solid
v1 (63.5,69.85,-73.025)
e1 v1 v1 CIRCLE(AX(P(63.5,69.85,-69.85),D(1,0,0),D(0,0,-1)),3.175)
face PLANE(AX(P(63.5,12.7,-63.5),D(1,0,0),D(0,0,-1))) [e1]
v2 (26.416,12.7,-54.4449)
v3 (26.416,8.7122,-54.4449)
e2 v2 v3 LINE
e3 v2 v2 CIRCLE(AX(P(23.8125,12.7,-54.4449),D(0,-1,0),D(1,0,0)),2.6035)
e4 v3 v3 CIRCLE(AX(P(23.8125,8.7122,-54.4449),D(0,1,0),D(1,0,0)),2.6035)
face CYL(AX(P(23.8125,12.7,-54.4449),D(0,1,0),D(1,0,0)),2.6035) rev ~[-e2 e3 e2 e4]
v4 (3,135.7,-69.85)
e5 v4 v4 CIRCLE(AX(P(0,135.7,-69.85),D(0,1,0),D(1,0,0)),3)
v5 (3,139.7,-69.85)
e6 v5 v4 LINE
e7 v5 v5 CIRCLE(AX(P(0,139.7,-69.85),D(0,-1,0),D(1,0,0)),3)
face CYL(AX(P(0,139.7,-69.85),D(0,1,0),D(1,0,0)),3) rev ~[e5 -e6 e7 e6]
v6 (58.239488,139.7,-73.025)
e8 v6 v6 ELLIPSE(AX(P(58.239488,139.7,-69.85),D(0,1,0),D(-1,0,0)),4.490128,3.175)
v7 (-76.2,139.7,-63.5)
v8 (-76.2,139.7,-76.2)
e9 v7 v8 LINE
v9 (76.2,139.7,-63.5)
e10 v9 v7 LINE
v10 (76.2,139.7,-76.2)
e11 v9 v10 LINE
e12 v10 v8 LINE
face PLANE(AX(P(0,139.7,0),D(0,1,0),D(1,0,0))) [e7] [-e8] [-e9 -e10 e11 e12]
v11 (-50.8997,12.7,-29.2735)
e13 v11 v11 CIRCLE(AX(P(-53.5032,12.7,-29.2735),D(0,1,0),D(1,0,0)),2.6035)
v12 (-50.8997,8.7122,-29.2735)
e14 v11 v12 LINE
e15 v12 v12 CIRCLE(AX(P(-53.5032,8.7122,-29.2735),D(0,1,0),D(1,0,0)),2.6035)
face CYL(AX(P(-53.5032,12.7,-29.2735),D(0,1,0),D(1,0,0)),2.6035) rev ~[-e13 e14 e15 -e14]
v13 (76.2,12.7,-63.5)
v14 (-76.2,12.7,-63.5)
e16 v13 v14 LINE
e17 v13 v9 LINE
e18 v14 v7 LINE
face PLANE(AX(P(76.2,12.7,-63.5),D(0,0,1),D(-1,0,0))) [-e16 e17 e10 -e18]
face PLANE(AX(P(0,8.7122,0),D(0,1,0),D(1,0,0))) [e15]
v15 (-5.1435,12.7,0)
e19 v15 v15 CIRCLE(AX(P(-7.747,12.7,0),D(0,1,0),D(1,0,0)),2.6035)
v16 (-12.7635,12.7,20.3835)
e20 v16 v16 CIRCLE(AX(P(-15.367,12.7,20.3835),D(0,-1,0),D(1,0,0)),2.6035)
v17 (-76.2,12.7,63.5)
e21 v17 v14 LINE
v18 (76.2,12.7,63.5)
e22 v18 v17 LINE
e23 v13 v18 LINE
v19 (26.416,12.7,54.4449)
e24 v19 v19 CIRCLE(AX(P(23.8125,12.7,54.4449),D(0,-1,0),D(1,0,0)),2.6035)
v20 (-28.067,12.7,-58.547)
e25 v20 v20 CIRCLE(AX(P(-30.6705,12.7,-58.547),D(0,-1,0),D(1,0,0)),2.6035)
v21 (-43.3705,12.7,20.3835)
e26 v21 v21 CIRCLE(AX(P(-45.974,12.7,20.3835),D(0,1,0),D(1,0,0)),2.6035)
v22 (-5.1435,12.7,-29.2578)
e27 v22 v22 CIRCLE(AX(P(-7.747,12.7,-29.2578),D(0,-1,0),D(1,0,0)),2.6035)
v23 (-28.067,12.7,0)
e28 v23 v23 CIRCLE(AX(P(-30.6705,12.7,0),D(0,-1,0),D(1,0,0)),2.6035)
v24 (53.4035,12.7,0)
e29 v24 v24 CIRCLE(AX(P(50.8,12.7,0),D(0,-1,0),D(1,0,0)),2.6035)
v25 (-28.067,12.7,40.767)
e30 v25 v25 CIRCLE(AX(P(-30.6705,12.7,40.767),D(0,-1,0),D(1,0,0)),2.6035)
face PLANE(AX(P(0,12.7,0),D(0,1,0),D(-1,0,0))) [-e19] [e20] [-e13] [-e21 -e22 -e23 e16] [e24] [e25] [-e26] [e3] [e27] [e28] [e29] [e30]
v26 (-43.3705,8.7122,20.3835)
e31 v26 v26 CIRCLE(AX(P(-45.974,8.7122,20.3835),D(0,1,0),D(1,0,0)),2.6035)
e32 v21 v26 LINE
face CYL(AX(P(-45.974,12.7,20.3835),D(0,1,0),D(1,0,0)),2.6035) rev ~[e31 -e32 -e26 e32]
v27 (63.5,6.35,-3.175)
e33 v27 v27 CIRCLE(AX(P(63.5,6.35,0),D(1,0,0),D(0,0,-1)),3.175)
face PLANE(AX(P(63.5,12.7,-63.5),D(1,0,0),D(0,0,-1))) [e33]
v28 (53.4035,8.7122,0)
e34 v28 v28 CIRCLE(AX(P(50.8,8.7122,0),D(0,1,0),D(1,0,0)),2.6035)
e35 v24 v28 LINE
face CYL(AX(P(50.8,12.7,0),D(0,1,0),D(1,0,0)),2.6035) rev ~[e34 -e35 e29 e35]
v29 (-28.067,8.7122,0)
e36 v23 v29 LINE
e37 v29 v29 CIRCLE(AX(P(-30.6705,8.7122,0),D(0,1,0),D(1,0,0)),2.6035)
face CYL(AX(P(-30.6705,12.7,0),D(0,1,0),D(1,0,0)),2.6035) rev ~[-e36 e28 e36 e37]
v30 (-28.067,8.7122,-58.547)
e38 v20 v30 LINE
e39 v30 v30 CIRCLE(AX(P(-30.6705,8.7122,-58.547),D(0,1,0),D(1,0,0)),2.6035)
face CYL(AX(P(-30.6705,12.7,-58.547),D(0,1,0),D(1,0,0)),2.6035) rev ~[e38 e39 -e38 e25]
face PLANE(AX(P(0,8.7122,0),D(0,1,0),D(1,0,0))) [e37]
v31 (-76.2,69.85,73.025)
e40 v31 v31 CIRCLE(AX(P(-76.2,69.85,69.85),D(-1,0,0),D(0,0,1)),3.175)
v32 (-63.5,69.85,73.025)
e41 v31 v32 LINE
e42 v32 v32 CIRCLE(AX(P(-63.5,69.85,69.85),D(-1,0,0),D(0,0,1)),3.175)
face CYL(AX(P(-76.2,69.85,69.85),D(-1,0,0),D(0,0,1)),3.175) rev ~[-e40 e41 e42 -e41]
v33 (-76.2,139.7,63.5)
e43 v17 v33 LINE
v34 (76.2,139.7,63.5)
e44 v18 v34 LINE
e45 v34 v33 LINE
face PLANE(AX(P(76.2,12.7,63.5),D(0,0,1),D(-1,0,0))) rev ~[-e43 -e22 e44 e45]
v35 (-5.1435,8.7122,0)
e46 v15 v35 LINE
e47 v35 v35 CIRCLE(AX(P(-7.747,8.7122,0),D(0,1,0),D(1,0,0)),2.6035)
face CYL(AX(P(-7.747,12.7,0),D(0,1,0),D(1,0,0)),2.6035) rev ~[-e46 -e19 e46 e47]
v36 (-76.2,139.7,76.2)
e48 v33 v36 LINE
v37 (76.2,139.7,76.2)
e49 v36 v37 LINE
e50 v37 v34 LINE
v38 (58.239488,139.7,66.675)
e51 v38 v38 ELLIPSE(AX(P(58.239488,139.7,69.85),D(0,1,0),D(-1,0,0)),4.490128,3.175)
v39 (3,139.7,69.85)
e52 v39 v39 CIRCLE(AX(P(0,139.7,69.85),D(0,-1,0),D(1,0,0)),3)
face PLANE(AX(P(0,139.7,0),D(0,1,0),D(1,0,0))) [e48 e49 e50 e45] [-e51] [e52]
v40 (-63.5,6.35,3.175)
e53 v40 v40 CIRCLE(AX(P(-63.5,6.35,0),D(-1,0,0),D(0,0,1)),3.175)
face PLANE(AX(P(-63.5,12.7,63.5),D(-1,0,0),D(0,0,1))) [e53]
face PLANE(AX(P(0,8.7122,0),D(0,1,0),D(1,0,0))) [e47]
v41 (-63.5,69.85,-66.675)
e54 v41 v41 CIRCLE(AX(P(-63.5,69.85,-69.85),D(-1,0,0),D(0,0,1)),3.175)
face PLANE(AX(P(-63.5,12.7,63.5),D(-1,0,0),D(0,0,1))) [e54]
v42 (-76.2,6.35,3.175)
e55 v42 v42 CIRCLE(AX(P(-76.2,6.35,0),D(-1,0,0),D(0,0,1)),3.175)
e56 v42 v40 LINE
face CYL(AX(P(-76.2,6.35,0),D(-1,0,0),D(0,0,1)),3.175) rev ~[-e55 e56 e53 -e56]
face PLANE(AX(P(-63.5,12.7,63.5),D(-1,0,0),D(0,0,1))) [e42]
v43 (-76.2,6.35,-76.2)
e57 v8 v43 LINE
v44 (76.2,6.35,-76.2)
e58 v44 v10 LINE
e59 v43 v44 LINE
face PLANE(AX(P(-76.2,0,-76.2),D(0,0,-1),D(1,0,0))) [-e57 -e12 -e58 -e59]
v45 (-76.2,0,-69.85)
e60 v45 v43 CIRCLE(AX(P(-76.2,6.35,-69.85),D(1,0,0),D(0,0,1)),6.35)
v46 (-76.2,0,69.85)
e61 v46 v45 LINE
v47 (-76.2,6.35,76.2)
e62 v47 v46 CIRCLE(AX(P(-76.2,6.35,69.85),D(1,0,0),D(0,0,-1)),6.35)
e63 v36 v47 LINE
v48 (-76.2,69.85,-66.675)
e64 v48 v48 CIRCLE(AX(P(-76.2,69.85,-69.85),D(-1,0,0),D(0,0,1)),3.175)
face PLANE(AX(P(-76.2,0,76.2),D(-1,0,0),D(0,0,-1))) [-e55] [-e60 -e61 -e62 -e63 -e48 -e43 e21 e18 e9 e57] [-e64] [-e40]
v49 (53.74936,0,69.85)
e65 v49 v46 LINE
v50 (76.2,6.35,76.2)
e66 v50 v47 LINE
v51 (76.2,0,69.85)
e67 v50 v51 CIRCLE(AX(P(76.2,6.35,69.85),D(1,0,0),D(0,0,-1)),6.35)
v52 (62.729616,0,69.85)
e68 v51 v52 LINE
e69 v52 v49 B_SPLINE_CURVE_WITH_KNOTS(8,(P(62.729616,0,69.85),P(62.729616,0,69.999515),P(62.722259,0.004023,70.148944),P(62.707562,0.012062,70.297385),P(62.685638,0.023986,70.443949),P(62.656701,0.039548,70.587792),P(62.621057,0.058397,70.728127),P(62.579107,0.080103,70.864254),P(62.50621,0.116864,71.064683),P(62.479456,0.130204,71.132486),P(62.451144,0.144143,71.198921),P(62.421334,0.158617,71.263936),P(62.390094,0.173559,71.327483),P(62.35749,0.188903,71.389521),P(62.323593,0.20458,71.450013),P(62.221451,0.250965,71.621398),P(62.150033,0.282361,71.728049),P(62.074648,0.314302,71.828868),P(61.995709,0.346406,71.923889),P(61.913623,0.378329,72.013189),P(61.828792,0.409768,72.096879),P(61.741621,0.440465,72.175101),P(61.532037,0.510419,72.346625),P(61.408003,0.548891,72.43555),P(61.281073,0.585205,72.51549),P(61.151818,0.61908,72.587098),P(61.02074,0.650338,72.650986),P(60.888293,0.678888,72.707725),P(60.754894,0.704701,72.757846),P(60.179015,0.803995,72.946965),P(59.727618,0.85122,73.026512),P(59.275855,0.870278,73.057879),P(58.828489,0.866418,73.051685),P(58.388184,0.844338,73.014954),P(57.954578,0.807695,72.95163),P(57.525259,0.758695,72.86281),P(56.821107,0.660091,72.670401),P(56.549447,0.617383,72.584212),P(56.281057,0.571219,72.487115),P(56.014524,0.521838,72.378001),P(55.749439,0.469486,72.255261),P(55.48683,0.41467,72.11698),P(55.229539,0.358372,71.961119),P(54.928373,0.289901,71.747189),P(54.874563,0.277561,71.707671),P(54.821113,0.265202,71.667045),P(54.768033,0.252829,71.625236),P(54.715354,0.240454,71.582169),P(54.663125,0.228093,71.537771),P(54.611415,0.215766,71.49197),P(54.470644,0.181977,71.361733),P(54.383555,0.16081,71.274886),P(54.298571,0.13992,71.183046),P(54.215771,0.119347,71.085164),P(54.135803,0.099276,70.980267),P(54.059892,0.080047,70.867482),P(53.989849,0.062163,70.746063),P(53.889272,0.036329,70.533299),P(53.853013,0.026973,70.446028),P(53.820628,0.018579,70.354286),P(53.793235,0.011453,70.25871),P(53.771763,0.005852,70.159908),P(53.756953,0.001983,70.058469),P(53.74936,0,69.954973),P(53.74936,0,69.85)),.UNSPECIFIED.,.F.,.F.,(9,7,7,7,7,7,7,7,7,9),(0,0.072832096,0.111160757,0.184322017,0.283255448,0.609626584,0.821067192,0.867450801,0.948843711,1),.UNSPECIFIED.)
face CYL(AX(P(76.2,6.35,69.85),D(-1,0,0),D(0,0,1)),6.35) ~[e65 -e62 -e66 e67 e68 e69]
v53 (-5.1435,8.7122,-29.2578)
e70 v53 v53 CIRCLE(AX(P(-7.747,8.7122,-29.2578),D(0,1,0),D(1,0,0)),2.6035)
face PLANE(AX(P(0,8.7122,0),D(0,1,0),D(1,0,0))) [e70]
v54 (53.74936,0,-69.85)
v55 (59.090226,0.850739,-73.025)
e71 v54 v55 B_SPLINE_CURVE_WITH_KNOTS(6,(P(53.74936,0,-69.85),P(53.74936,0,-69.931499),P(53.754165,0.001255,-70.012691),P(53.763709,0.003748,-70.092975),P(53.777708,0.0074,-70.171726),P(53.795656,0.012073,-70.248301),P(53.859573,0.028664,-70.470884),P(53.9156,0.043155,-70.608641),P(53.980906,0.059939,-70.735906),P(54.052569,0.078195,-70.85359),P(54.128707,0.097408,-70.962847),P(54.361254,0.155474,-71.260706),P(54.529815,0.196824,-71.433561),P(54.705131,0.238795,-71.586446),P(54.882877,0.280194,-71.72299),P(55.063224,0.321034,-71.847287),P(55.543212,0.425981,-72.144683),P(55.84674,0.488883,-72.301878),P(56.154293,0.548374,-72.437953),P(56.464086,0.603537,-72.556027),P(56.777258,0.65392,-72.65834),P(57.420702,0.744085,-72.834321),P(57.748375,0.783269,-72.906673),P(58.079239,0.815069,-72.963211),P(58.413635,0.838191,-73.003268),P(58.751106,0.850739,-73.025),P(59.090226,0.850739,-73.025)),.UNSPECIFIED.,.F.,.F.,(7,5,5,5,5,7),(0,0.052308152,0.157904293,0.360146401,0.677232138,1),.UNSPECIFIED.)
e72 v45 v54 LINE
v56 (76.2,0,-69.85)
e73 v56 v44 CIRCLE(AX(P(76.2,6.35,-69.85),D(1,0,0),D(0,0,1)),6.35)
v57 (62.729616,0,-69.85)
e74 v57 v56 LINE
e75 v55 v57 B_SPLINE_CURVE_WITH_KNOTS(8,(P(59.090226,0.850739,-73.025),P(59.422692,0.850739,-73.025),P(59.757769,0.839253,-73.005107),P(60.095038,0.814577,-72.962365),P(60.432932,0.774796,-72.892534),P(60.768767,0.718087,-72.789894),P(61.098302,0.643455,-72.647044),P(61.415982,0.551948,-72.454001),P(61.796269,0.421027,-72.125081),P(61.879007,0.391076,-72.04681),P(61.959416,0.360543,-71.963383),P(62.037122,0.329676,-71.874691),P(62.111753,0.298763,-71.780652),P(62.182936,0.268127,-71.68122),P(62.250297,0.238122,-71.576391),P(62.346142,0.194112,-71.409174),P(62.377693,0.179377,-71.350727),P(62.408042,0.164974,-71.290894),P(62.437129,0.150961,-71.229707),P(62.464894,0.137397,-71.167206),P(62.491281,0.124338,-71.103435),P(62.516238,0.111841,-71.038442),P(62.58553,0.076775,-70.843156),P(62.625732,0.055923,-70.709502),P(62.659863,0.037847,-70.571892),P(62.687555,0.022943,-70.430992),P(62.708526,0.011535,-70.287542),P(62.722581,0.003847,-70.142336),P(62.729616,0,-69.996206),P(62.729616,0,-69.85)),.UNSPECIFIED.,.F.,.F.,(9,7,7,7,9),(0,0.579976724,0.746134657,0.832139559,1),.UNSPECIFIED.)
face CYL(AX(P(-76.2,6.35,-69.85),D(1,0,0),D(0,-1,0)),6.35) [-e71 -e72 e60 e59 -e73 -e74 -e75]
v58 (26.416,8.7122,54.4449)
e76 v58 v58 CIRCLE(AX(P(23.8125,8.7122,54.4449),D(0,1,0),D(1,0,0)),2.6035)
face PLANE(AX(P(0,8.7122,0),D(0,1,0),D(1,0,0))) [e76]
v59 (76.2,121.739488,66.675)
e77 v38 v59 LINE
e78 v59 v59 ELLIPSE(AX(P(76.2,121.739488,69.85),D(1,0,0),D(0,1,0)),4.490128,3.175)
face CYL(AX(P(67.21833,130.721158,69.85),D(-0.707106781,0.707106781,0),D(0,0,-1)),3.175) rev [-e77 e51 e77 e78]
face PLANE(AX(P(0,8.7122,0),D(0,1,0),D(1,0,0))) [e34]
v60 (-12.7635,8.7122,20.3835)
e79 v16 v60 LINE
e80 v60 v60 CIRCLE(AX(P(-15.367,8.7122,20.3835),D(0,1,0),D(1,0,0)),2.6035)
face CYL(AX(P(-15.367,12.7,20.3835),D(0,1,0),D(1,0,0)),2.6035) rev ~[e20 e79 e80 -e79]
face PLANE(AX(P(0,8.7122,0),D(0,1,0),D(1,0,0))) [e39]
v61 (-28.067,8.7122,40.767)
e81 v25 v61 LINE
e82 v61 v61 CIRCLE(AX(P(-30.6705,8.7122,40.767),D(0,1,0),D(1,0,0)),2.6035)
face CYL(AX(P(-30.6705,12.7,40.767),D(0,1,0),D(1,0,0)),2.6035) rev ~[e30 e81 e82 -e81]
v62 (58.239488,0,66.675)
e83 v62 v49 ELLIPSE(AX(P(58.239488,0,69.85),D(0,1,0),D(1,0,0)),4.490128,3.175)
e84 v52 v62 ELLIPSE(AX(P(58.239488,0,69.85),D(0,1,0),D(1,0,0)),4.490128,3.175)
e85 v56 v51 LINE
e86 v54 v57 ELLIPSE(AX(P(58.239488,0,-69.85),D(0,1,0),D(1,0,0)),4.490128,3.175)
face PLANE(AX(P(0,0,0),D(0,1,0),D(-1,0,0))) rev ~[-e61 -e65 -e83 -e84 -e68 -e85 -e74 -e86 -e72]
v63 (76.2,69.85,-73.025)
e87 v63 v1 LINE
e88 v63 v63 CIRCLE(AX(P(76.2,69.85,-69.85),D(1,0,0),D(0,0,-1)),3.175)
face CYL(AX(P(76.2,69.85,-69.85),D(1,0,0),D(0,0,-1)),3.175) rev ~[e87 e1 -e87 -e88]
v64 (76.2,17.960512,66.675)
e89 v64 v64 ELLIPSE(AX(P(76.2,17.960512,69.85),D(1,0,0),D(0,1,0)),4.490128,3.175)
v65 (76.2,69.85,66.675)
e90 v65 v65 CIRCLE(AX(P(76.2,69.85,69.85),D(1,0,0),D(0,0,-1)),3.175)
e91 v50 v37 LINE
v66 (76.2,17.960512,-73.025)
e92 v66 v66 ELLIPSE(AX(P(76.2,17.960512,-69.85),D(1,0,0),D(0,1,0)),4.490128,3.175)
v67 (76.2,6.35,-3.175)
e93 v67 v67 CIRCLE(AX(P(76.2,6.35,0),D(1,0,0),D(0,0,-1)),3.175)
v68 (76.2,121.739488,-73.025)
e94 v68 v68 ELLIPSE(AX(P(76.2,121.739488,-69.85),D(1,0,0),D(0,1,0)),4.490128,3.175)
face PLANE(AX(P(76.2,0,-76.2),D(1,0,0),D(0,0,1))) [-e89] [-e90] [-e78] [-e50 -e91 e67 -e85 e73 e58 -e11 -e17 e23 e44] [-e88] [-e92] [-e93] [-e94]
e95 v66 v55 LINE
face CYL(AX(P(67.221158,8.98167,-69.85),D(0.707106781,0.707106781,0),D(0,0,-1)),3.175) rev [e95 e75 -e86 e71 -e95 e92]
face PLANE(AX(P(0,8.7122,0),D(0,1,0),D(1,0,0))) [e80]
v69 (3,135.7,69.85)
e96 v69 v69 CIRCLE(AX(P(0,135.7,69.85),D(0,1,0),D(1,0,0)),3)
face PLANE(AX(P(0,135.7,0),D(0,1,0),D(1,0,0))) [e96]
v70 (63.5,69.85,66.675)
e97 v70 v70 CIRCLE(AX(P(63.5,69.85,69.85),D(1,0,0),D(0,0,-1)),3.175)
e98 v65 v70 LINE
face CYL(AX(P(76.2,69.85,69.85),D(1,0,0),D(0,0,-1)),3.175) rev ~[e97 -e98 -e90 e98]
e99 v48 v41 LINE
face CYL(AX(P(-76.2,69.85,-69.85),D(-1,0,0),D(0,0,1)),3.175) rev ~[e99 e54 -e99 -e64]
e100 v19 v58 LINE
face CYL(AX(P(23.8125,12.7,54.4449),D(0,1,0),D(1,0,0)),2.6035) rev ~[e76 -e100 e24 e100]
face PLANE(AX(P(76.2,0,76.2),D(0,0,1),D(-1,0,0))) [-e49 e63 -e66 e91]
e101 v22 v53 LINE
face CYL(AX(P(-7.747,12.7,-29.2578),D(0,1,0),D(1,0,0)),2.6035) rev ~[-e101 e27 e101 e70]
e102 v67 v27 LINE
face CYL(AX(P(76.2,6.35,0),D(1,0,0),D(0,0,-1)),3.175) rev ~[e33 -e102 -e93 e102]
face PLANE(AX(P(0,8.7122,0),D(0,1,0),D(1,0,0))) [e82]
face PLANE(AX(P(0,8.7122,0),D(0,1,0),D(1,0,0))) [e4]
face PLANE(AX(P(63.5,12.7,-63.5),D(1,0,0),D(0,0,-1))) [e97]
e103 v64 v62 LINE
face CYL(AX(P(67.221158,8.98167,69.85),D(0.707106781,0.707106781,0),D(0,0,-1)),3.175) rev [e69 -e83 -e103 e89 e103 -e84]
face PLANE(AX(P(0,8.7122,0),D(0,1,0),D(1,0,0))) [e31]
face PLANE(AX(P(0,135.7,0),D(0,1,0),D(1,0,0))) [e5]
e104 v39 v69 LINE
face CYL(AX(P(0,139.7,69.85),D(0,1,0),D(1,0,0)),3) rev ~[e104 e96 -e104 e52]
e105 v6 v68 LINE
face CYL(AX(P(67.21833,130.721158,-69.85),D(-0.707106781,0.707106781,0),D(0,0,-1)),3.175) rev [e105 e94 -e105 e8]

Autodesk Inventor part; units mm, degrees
ref_plane "YZ Plane" through (0, 0, 0) normal (1, 0, 0) x (0, 1, 0)
ref_plane "XZ Plane" through (0, 0, 0) normal (0, 1, 0) x (-1, 0, 0)
ref_plane "XY Plane" through (0, 0, 0) normal (0, 0, 1) x (1, 0, 0)
sketch "Sketch1" plane through (0, 0, 0) normal (0, 1, 0) x (-1, 0, 0)
  point P0 (0, 0)
sketch "Sketch2" plane through (0, 0, 0) normal (0, 1, 0) x (-1, 0, 0)
  line L0 (-76.2, 76.2) -> (76.2, 76.2)
  line L1 (76.2, 76.2) -> (76.2, -76.2)
  line L2 (76.2, -76.2) -> (-76.2, -76.2)
  line L3 (-76.2, -76.2) -> (-76.2, 76.2)
  line L4 (-76.2, 76.2) -> (76.2, -76.2) construction
  line L5 (76.2, 76.2) -> (-76.2, -76.2) construction
  point P0 (0, 0)
  dimension "d0" = 152.4
  dimension "d1" = 152.4
extrude "Extrusion1" add sketch "Sketch2" along normal blind 12.7
sketch "Sketch3" plane through (0, 12.7, 0) normal (0, 1, 0) x (1, 0, 0)
  line L0 (76.2, 76.2) -> (-76.2, 76.2) projected
  line L1 (76.2, -76.2) -> (76.2, 76.2) projected
  line L2 (-76.2, 76.2) -> (76.2, 76.2)
  line L3 (76.2, 76.2) -> (76.2, 63.5)
  line L4 (76.2, 63.5) -> (-76.2, 63.5)
  line L5 (-76.2, 63.5) -> (-76.2, 76.2)
  line L6 (-76.2, -76.2) -> (76.2, -76.2)
  line L7 (76.2, -76.2) -> (76.2, -63.5)
  line L8 (76.2, -63.5) -> (-76.2, -63.5)
  line L9 (-76.2, -63.5) -> (-76.2, -76.2)
  point P0 (0, 0)
  point P1 (76.2, -76.2)
  dimension "d4" = 12.7
  dimension "d5" = 12.7
  dimension "d15" = 152.4
extrude "Extrusion2" add sketch "Sketch3" along normal blind 127
fillet "Fillet1" radius 6.35 2 edges at (0, 0, 76.2) (0, 0, -76.2)
sketch "Sketch4" plane through (76.2, 12.7, -63.5) normal (1, 0, 0) x (0, 0, -1)
  circle A0 centre (-133.35, 57.15) radius 3.175
  circle A1 centre (6.35, 57.15) radius 3.175
  circle A2 centre (-63.5, -6.35) radius 3.175
  point P0 (-63.5, -12.7)
extrude "Extrusion3" cut sketch "Sketch4" against normal blind 12.7
sketch "Sketch5" plane through (-76.2, 12.7, 63.5) normal (-1, 0, 0) x (0, 0, 1)
  circle A0 centre (-133.35, 120.65) radius 3.175
  circle A1 centre (-133.35, 57.15) radius 3.175 projected
  circle A2 centre (-133.35, 57.15) radius 3.175
  circle A3 centre (-133.35, -6.35) radius 3.175
  circle A4 centre (-63.5, -6.35) radius 3.175 projected
  circle A5 centre (-63.5, -6.35) radius 3.175
  circle A6 centre (6.35, -6.35) radius 3.175
  circle A7 centre (6.35, 57.15) radius 3.175 projected
  circle A8 centre (6.35, 57.15) radius 3.175
  circle A9 centre (6.35, 120.65) radius 3.175
  line L0 (6.35, -12.7) -> (-133.35, -12.7) projected
  point P0 (-63.5, -12.7)
  point P1 (-133.35, 120.65)
  point P2 (-133.35, -6.35)
  point P3 (6.35, -6.35)
  point P4 (6.35, 120.65)
  dimension "d20" = 69.85
sketch "Sketch6" plane through (0, 139.7, 0) normal (0, 1, 0) x (1, 0, 0)
  line L0 (76.2, 69.85) -> (-76.2, 69.85) projected
  circle A0 centre (0, 69.85) radius 3
  line L1 (-76.2, -69.85) -> (76.2, -69.85) projected
  circle A1 centre (0, -69.85) radius 3
  point P0 (0, 0)
  dimension "d16" = 6
  dimension "d17" = 6
extrude "Extrusion5" cut sketch "Sketch6" against normal blind 4
extrude "Extrusion6" cut sketch "Sketch5" against normal blind 12.7 contours A1 | A4 | A7
ref_plane "Work Plane1" through (76.2, 139.7, 76.2) normal (0.7071, -0.7071, 0) x (0, 0, -1)
sketch "Sketch7" plane through (76.2, 139.7, 76.2) normal (0.7071, -0.7071, 0) x (0, 0, -1)
  line L0 (139.7, 0) -> (152.4, 0) projected
  line L1 (146.05, 0) -> (146.05, -12.7)
  circle A0 centre (146.05, -12.7) radius 3.175
  line L2 (0, 0) -> (12.7, 0) projected
  line L3 (6.35, 0) -> (6.35, -12.7)
  circle A1 centre (6.35, -12.7) radius 3.175
  point P0 (76.2, -152.6644)
  dimension "d24" = 12.7
extrude "Extrusion7" cut sketch "Sketch7" along normal blind 31.75 and the other way blind 25.4
ref_plane "Work Plane2" through (76.2, 0, 76.2) normal (-0.7071, -0.7071, 0) x (0, 0, -1)
sketch "Sketch8" plane through (76.2, 0, 76.2) normal (-0.7071, -0.7071, 0) x (0, 0, -1)
  line L0 (6.35, 0) -> (146.05, 0) projected
  line L1 (146.05, 0) -> (146.05, -12.7)
  line L2 (146.05, 0) -> (146.05, -107.7631) projected
  line L3 (6.35, 0) -> (6.35, -12.7)
  line L4 (6.35, -107.7631) -> (6.35, 0) projected
  circle A0 centre (146.05, -12.7) radius 3.175
  circle A1 centre (6.35, -12.7) radius 3.175
  point P0 (76.2, -53.8815)
  dimension "d30" = 12.7
  dimension "d31" = 12.7
extrude "Extrusion8" cut sketch "Sketch8" along normal blind 25.4 and the other way blind 31.75
sketch "Sketch10" plane through (0, 12.7, 0) normal (0, 1, 0) x (1, 0, 0)
  line L0 (76.2, -63.5) -> (76.2, 63.5) projected
  line L1 (76.2, 0) -> (50.8, 0)
  circle A0 centre (50.8, 0) radius 2.6035
  line L2 (48.1965, 0) -> (-5.1435, 0)
  circle A1 centre (-7.747, 0) radius 2.6035
  line L3 (-5.1435, -17.8483) -> (-5.1435, 18.0947)
  line L4 (-5.1435, 0) -> (-5.1435, -49.2125)
  line L5 (23.8125, 0) -> (23.8125, -51.8414)
  line L6 (23.8125, 0) -> (23.8125, 51.8414)
  circle A2 centre (23.8125, -54.4449) radius 2.6035
  circle A3 centre (23.8125, 54.4449) radius 2.6035
  line L7 (30.1625, -51.8414) -> (15.875, -51.8414)
  line L8 (30.1625, 51.8414) -> (17.4625, 51.8414)
  point P0 (0, 0)
  dimension "d37" = 5.207
  dimension "d36" = 25.4
  dimension "d39" = 5.207
  dimension "d40" = 49.2125
  dimension "d41" = 51.8414
  dimension "d42" = 51.8414
  dimension "d43" = 5.207
extrude "Extrusion9" cut sketch "Sketch10" against normal blind 3.9878
sketch "Sketch11" plane through (0, 12.7, 0) normal (0, 1, 0) x (1, 0, 0)
  circle A0 centre (-7.747, 0) radius 2.6035 projected
  line L0 (-10.3505, 29.2735) -> (-50.9905, 29.2735)
  line L1 (-63.5, -3.175) -> (-63.5, 3.175) projected
  line L2 (-50.8997, 16.5035) -> (-50.8997, 42.0435)
  circle A1 centre (-53.5032, 29.2735) radius 2.6035
  line L3 (-30.6705, 29.2735) -> (-30.6705, 2.6035)
  line L4 (-30.6705, 29.2735) -> (-30.6705, 55.9435)
  line L5 (-23.5267, 29.2578) -> (-40.9893, 29.2578)
  line L6 (-40.9893, 2.6035) -> (-17.4625, 2.6035)
  circle A2 centre (-30.6705, 0) radius 2.6035
  line L7 (-37.2049, 55.9435) -> (-23.5267, 55.9435)
  circle A3 centre (-30.6705, 58.547) radius 2.6035
  circle A4 centre (-7.747, 29.2578) radius 2.6035
  point P0 (0, 0)
  dimension "d46" = 40.64
  dimension "d47" = 5.207
  dimension "d48" = 26.67
  dimension "d49" = 26.67
  dimension "d59" = 5.207
  dimension "d60" = 5.207
  dimension "d61" = 5.207
extrude "Extrusion10" cut sketch "Sketch11" against normal blind 3.9878 contours A2 | A1 | A3 | A4
sketch "Sketch12" plane through (0, 12.7, 0) normal (0, 1, 0) x (1, 0, 0)
  point P0 (0, 0)
sketch "Sketch13" plane through (0, 12.7, 0) normal (0, 1, 0) x (1, 0, 0)
  circle A0 centre (-53.5032, 29.2735) radius 2.6035 projected
  circle A1 centre (-30.6705, 0) radius 2.6035 projected
  line L0 (-30.6705, -2.6035) -> (-30.6705, -38.1635)
  line L1 (-30.6705, -20.3835) -> (-43.3705, -20.3835)
  line L2 (-43.3705, -20.3835) -> (-17.9705, -20.3835)
  circle A2 centre (-45.974, -20.3835) radius 2.6035
  circle A3 centre (-15.367, -20.3835) radius 2.6035
  circle A4 centre (-30.6705, -40.767) radius 2.6035
  point P0 (0, 0)
  dimension "d65" = 5.207
  dimension "d66" = 5.207
  dimension "d67" = 5.207
  dimension "d62" = 35.56
  dimension "d63" = 12.7
  dimension "d64" = 25.4
extrude "Extrusion11" cut sketch "Sketch13" against normal blind 3.9878 contours A3 | A4 | A2
sketch "Sketch14" plane through (0, 12.7, 0) normal (0, 1, 0) x (1, 0, 0)
  line L0 (-76.2, -63.5) -> (76.2, -63.5) projected
  line L1 (-33.3375, -63.5) -> (-21.9075, -63.5)
  point P0 (0, 0)
properties part number "Fuselage_Body_Piece_Front"
